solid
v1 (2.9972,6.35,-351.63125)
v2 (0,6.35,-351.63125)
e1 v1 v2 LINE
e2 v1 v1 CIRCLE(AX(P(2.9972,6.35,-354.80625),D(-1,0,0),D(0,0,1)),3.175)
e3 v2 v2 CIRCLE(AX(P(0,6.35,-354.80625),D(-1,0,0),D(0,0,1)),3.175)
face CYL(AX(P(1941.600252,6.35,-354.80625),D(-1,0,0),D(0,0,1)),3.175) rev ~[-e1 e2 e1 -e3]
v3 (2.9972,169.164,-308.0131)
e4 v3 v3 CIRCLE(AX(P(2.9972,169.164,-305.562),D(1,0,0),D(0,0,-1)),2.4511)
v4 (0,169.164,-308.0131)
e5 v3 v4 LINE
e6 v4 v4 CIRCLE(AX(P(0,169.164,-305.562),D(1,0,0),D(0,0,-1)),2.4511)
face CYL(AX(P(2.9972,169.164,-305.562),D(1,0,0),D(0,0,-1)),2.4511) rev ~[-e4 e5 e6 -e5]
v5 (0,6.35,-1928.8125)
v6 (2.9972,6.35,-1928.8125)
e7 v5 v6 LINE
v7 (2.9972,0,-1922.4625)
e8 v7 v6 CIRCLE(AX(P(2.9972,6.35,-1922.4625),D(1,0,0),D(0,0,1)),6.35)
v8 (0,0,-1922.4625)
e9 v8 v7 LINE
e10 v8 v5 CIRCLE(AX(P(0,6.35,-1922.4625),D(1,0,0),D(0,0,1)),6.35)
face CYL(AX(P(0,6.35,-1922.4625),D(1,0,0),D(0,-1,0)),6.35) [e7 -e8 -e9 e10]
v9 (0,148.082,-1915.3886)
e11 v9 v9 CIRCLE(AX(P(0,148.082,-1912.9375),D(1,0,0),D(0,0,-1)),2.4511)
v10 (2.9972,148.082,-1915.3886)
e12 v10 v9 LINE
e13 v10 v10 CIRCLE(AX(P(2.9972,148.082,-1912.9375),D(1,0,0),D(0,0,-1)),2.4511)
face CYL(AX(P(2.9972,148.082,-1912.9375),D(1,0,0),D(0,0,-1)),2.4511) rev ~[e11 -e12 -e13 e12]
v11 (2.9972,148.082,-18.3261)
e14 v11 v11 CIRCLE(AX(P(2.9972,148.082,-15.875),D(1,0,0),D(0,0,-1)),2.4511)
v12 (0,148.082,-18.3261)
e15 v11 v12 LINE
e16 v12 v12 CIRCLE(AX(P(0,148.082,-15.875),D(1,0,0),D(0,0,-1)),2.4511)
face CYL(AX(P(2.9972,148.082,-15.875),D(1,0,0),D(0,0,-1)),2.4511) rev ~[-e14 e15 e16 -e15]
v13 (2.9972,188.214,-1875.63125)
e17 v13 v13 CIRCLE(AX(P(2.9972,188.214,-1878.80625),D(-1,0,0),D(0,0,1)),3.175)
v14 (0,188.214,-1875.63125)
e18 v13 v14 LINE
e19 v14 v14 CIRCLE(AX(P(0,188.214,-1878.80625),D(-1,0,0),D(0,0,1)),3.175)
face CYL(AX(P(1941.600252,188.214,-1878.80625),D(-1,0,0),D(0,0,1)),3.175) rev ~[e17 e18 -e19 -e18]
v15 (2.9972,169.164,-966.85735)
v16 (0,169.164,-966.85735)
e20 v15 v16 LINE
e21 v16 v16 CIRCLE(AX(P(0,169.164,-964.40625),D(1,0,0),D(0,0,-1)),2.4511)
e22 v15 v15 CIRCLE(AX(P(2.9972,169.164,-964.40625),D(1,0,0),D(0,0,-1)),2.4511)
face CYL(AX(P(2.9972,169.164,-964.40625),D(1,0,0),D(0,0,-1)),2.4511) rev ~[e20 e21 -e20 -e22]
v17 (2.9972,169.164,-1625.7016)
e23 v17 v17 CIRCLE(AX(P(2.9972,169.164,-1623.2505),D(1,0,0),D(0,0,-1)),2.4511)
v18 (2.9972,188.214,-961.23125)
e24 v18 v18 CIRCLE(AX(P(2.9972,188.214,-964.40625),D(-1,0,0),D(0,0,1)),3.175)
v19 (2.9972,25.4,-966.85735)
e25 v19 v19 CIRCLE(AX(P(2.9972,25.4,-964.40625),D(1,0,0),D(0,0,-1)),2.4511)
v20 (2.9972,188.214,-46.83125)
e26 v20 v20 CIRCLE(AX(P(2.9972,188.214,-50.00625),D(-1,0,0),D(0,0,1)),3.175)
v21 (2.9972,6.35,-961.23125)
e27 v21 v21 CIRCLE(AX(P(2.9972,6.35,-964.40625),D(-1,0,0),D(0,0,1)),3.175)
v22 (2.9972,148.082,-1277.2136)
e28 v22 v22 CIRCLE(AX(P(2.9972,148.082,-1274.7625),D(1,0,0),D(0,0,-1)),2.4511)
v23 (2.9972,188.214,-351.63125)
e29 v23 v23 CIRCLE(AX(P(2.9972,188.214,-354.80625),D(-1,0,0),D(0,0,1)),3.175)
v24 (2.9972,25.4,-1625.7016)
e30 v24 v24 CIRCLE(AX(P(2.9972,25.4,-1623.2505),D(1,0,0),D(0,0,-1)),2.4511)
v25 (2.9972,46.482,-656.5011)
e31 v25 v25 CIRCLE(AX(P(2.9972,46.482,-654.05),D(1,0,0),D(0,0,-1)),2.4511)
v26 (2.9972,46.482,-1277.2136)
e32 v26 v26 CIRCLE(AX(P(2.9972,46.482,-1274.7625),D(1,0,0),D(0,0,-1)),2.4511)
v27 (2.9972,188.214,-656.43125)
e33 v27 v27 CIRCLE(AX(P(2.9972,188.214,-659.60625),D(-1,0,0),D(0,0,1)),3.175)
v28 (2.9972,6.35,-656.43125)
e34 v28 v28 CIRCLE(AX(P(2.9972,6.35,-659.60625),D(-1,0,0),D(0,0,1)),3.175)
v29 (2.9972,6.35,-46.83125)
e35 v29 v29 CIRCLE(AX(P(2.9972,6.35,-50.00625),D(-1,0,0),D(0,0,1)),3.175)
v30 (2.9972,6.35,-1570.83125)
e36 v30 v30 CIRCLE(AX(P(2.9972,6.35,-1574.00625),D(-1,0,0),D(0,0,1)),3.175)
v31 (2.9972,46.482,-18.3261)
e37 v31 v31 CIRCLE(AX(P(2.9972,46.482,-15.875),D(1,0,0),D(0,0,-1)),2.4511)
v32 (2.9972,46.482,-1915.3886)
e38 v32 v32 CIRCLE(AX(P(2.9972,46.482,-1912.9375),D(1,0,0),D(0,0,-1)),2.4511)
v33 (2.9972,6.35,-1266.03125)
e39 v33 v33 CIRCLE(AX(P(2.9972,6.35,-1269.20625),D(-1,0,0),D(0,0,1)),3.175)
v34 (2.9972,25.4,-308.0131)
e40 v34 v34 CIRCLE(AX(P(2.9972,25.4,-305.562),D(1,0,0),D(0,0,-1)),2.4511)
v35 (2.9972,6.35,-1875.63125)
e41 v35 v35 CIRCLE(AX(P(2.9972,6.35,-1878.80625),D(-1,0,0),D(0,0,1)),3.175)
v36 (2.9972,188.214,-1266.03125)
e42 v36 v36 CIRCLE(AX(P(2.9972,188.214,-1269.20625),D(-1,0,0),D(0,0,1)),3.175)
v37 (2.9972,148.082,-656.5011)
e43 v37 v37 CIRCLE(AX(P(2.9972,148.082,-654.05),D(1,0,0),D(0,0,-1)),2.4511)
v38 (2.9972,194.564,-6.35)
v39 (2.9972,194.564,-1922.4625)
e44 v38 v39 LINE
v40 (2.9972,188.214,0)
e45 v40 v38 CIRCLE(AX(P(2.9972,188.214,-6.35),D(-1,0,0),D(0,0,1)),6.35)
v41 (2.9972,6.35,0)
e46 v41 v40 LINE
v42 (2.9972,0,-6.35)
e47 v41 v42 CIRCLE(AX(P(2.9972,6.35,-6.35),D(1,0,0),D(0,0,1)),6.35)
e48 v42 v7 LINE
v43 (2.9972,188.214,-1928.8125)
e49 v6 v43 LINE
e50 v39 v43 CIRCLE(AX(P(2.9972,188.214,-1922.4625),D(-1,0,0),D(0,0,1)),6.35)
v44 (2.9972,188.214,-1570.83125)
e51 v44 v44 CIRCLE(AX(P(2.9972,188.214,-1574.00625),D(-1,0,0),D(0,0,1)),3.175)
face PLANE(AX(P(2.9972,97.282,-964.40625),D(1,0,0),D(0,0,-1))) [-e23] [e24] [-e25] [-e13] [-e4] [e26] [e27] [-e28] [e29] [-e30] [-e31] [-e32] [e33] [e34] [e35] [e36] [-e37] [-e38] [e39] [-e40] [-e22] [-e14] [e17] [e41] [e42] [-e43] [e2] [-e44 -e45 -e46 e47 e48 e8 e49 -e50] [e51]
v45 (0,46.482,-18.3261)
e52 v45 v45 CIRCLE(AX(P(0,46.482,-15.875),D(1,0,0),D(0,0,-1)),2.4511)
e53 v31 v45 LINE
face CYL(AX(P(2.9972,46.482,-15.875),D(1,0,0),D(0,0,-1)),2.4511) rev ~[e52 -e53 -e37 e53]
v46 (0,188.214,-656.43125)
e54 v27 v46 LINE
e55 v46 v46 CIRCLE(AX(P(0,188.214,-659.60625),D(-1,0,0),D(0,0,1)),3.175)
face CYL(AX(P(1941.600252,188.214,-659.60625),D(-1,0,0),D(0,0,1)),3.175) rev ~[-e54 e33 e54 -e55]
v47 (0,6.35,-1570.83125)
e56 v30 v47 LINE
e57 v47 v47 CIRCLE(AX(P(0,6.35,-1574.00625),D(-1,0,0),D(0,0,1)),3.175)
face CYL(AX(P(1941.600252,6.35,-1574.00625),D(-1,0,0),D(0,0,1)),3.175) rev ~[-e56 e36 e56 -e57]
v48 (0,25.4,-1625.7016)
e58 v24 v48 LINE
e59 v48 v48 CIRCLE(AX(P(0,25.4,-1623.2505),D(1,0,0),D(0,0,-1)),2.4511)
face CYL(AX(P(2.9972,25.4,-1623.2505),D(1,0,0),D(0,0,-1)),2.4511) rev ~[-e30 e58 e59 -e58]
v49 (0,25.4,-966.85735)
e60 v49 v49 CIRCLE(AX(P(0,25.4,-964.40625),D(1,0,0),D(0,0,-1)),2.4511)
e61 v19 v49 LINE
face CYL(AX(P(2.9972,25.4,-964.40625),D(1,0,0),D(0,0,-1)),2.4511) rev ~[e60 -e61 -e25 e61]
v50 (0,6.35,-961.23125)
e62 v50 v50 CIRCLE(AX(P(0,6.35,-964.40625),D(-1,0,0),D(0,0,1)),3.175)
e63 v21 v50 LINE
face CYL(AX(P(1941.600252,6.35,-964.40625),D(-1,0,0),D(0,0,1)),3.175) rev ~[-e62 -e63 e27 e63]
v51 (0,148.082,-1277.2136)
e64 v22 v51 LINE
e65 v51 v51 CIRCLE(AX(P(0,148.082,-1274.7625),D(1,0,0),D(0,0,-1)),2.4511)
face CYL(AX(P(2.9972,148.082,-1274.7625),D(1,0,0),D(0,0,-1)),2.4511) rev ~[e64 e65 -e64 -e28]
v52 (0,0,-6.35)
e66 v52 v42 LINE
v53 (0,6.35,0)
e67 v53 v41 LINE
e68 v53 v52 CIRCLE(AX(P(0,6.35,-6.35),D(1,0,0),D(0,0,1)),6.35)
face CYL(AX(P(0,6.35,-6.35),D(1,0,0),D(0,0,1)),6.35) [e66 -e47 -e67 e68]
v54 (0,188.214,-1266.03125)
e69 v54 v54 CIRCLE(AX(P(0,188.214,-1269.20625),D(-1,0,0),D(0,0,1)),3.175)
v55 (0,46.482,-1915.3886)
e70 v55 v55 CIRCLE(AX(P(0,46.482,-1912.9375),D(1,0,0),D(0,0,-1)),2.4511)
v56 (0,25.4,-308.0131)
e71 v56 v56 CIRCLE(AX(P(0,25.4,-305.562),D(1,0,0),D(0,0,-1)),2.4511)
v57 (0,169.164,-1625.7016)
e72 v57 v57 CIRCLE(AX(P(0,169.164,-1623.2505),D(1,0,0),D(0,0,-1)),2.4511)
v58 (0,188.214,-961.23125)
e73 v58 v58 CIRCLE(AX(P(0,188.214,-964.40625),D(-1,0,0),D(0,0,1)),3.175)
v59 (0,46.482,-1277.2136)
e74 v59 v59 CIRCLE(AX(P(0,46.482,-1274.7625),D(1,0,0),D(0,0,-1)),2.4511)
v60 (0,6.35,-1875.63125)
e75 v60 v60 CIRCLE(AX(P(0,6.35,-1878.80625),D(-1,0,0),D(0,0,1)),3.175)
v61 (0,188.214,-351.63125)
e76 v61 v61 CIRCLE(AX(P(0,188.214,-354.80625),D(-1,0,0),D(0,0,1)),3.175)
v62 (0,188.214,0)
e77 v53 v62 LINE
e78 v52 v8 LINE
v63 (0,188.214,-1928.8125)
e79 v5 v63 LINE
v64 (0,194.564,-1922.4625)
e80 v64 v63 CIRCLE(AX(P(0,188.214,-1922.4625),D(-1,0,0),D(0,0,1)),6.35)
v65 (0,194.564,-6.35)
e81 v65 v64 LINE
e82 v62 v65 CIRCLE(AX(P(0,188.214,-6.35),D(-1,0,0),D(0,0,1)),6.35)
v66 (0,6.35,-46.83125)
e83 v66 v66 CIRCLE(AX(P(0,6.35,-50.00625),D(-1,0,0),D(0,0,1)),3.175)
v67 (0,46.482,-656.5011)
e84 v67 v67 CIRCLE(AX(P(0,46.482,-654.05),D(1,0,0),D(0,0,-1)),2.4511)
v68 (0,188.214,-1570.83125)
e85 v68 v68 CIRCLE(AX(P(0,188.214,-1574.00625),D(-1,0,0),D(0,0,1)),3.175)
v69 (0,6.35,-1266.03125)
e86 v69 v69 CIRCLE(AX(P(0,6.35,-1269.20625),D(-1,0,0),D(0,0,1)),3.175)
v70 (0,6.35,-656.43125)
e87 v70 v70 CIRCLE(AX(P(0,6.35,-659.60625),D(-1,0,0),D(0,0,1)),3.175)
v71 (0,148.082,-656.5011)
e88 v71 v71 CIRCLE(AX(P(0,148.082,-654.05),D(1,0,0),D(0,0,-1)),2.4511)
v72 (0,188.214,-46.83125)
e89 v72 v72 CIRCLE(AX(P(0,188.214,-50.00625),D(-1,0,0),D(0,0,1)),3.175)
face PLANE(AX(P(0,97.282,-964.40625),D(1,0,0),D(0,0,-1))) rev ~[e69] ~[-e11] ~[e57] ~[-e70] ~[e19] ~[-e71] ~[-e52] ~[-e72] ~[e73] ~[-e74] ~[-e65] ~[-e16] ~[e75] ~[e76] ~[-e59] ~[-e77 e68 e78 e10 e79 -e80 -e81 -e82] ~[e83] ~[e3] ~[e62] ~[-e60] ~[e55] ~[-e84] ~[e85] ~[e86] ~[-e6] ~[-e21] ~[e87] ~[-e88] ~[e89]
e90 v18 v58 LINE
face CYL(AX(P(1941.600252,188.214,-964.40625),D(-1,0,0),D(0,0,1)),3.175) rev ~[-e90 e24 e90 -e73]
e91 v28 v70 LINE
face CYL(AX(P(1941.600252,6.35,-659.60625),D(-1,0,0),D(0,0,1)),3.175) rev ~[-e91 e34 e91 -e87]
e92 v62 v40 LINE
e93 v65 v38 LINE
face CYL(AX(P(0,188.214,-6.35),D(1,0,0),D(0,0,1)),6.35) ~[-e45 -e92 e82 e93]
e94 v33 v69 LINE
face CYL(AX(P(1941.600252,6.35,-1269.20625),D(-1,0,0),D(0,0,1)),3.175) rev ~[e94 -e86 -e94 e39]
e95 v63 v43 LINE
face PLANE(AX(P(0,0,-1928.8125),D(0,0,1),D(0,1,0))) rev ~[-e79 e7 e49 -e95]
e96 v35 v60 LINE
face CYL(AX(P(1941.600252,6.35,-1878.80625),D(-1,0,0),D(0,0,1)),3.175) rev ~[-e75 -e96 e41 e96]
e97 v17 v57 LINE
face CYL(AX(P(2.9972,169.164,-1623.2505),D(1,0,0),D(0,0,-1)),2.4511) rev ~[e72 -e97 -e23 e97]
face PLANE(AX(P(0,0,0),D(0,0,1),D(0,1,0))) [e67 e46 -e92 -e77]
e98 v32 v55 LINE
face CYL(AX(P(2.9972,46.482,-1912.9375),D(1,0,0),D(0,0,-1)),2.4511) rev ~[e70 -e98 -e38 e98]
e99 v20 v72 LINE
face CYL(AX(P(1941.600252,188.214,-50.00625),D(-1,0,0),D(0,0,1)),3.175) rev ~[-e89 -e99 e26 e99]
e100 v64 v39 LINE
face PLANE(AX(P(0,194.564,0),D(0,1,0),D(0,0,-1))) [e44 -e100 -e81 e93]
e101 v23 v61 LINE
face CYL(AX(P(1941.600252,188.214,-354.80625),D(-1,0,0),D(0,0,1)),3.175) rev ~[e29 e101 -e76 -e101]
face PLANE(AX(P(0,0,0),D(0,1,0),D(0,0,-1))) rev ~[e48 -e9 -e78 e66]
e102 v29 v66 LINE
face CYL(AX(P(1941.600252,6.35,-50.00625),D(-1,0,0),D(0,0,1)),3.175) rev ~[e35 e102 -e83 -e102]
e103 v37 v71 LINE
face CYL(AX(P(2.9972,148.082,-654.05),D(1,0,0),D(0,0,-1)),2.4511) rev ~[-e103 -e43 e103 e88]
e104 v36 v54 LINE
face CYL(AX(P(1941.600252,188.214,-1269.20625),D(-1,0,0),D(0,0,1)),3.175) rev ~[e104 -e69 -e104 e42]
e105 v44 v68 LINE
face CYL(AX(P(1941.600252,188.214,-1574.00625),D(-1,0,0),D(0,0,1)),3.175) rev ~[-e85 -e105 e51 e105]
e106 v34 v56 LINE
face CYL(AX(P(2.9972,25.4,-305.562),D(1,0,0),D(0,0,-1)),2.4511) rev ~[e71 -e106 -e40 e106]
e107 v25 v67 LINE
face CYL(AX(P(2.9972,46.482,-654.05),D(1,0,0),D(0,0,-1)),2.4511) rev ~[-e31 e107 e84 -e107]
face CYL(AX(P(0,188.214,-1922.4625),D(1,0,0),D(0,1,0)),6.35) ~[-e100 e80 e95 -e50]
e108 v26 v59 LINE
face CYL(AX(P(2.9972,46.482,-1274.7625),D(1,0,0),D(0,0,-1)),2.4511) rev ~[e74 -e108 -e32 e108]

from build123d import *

# Parameters (mm, degrees)
SKETCH1_W                   = 1928.8125
SKETCH1_H                   = 194.564
BOSS_EXTRUDE1_DEPTH         = 2.9972
SKETCH2_R                   = 2.4511
CUT_EXTRUDE1_DEPTH          = 3.9972
FILLET1_R                   = 6.35
F_1_4_0_25_DIAMETER_HOLE1_D = 6.35


with BuildPart() as part:
    # Sketch1 → Boss-Extrude1 (new body)
    with BuildSketch(Plane(origin=(0, 0, 0), x_dir=(0, 0, -1), z_dir=(1, 0, 0))):
        with Locations((964.40625, 97.282)):
            Rectangle(SKETCH1_W, SKETCH1_H)
    extrude(amount=BOSS_EXTRUDE1_DEPTH)

    # Sketch2 → Cut-Extrude1 (cut, through all)
    with BuildSketch(Plane(origin=(2.9972, 0, 0), x_dir=(0, 0, -1), z_dir=(1, 0, 0))):
        with Locations((15.875, 148.082)):
            Circle(SKETCH2_R)
        with Locations((654.05, 148.082)):
            Circle(SKETCH2_R)
        with Locations((305.562, 169.164)):
            Circle(SKETCH2_R)
        with Locations((964.40625, 169.164)):
            Circle(SKETCH2_R)
        with Locations((964.40625, 25.4)):
            Circle(SKETCH2_R)
        with Locations((305.562, 25.4)):
            Circle(SKETCH2_R)
        with Locations((15.875, 46.482)):
            Circle(SKETCH2_R)
        with Locations((654.05, 46.482)):
            Circle(SKETCH2_R)
        with Locations((1623.2505, 25.4)):
            Circle(SKETCH2_R)
        with Locations((1623.2505, 169.164)):
            Circle(SKETCH2_R)
        with Locations((1912.9375, 46.482)):
            Circle(SKETCH2_R)
        with Locations((1912.9375, 148.082)):
            Circle(SKETCH2_R)
        with Locations((1274.7625, 46.482)):
            Circle(SKETCH2_R)
        with Locations((1274.7625, 148.082)):
            Circle(SKETCH2_R)
    extrude(amount=-CUT_EXTRUDE1_DEPTH, mode=Mode.SUBTRACT)

    # Fillet1
    fillet1_edges = [part.edges().sort_by_distance(p)[0] for p in [
        (1.4986, 194.564, 0),
        (1.4986, 194.564, -1928.8125),
        (1.4986, 0, -1928.8125),
        (1.4986, 0, 0),
    ]]
    fillet(fillet1_edges, radius=FILLET1_R)

    # 1/4 (0.25) Diameter Hole1 (through all)
    with Locations(Plane(origin=(2.9972, 0, 0), x_dir=(0, 0, -1), z_dir=(1, 0, 0))):
        with Locations((964.40625, 6.35), (659.60625, 6.35), (354.80625, 6.35), (50.00625, 6.35), (1269.20625, 6.35), (1574.00625, 6.35), (1878.80625, 6.35), (1878.80625, 188.214), (1574.00625, 188.214), (1269.20625, 188.214), (50.00625, 188.214), (354.80625, 188.214), (659.60625, 188.214), (964.40625, 188.214)):
            Hole(F_1_4_0_25_DIAMETER_HOLE1_D / 2)


solid = part.part
